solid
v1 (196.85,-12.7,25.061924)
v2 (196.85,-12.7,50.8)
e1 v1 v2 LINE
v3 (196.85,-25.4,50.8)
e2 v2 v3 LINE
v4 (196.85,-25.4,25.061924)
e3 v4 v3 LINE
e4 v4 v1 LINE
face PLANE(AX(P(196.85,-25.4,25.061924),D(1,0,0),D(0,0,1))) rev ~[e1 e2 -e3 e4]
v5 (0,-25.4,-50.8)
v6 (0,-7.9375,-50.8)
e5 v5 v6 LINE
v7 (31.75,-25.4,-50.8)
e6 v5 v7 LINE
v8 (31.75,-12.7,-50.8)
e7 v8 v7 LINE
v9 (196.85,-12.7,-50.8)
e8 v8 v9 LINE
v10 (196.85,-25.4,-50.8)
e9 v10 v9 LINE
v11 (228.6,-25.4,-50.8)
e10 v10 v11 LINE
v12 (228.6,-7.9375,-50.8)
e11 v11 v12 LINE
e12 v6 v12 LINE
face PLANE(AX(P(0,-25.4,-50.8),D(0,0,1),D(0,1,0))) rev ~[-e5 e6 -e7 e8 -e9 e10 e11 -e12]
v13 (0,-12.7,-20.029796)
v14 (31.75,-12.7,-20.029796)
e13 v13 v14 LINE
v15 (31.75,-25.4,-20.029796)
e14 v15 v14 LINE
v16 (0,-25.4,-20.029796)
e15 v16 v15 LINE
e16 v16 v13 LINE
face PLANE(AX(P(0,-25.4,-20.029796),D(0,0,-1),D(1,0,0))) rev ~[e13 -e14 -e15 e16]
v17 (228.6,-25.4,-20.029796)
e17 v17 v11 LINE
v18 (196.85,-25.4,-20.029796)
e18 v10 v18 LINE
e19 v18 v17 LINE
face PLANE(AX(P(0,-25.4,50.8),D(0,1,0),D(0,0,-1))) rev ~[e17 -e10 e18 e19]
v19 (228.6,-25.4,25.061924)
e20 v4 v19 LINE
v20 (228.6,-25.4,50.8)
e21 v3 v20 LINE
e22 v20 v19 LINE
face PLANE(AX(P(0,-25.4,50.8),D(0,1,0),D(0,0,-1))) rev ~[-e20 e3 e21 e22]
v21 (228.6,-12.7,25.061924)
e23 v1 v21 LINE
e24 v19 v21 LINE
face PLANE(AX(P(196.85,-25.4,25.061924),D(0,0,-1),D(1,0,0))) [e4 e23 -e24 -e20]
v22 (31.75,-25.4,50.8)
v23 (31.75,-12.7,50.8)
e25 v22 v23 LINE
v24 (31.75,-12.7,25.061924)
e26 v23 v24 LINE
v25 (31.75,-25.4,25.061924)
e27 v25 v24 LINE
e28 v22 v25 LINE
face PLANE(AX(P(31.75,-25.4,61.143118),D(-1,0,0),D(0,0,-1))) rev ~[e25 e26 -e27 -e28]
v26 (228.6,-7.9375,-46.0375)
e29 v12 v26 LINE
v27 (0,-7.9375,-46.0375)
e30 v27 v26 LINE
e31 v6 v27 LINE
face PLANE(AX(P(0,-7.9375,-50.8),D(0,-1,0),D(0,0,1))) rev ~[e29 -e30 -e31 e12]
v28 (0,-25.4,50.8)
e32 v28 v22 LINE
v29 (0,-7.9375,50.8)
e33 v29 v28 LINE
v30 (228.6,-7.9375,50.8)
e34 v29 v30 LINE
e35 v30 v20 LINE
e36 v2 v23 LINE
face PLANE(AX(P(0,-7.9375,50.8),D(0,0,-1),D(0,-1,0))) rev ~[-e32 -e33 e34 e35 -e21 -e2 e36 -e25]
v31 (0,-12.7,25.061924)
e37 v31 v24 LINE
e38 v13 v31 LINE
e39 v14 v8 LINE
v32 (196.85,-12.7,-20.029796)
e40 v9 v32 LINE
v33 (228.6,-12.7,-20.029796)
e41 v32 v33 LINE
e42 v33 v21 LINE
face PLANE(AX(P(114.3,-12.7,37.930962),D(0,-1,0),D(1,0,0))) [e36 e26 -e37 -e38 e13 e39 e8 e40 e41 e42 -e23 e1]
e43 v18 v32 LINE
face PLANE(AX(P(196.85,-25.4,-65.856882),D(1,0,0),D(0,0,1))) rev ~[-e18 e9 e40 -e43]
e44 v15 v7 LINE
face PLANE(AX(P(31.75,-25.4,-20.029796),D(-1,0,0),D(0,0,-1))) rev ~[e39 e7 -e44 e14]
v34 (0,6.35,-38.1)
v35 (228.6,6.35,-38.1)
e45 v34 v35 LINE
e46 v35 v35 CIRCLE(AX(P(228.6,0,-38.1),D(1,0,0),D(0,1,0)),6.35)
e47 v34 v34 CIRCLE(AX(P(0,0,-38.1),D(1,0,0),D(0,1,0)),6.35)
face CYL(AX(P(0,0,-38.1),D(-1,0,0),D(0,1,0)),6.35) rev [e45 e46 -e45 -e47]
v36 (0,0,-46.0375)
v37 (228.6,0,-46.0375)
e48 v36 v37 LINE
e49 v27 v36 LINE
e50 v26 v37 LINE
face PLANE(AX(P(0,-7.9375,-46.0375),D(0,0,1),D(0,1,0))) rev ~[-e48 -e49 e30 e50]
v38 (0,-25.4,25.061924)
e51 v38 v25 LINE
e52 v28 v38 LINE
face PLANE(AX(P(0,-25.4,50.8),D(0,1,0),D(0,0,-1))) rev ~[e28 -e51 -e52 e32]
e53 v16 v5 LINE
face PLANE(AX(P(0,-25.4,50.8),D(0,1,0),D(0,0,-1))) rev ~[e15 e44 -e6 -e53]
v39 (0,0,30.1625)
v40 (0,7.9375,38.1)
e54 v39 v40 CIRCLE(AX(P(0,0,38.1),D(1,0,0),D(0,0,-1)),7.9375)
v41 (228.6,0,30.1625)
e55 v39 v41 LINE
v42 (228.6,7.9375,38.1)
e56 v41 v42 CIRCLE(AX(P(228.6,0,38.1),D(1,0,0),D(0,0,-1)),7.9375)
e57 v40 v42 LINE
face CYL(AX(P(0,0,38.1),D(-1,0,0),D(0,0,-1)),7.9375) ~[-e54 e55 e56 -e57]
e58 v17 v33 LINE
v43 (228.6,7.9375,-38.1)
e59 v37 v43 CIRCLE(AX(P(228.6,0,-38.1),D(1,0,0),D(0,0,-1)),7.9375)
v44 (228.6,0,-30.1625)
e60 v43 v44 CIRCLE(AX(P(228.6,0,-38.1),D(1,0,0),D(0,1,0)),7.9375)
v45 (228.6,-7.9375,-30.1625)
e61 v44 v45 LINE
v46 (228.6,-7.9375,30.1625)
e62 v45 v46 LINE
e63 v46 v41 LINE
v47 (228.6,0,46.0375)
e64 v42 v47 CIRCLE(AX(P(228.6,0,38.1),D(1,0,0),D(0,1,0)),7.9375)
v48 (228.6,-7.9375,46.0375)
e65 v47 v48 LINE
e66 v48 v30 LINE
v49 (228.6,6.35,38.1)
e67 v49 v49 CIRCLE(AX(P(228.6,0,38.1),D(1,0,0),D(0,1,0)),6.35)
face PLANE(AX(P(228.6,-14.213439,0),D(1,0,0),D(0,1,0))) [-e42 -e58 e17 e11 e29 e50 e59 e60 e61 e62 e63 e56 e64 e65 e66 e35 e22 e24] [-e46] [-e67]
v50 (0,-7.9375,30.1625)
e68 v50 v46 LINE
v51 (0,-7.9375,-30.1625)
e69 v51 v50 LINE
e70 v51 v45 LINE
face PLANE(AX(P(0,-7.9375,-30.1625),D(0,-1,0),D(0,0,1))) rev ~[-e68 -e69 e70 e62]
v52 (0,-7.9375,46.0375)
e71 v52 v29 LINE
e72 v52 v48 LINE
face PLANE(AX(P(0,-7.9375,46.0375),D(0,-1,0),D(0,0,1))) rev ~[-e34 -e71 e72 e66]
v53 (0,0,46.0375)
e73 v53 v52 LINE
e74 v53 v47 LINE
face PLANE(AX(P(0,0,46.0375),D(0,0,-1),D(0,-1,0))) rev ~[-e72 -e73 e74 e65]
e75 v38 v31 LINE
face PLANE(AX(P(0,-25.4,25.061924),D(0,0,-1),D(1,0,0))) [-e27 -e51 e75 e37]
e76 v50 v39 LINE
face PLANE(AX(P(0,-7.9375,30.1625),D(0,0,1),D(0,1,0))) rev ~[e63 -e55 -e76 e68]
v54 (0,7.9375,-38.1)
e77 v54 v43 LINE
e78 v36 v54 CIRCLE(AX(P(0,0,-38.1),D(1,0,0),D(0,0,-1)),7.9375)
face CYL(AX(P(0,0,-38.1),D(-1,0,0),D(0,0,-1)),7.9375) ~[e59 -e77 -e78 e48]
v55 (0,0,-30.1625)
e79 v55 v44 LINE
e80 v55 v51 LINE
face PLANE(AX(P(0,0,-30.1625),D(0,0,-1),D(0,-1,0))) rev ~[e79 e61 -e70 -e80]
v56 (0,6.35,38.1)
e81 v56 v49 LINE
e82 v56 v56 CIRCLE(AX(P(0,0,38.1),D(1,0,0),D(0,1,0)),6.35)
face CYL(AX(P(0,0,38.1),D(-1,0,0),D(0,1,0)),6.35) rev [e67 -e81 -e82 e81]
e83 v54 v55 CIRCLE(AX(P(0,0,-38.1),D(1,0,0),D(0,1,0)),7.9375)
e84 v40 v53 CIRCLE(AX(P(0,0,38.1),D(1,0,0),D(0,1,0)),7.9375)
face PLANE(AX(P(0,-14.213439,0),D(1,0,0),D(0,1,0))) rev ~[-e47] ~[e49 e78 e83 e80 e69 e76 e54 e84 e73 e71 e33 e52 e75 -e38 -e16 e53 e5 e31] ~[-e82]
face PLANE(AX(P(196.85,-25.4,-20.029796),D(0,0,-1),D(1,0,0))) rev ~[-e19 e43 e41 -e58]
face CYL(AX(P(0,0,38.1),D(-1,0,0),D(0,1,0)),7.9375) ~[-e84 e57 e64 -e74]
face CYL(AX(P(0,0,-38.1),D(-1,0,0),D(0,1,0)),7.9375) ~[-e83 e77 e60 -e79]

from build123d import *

# Parameters (mm, degrees)
F0_R     = 6.35
F1_DEPTH = 228.6
F2_W     = 165.1
F2_H     = 25.7380759895
F2_H_2   = 10.3431178749
F2_H_3   = 45.0917202979
F2_H_4   = 30.7702037126
F2_H_5   = 15.0568821251
F2_W_2   = 31.75
F3_DEPTH = 12.7


with BuildPart() as f1:
    # F0 (on Right) → F1 (new body)
    with BuildSketch(Plane.YZ):
        with BuildLine():
            ThreePointArc((0, 30.1625), (-7.9375, 38.1), (0, 46.0375))
            Line((0, 46.0375), (-7.9375, 46.0375))
            Line((-7.9375, 46.0375), (-7.9375, 50.8))
            Line((-7.9375, 50.8), (-25.4, 50.8))
            Line((-25.4, 50.8), (-25.4, -50.8))
            Line((-25.4, -50.8), (-7.9375, -50.8))
            Line((-7.9375, -50.8), (-7.9375, -46.0375))
            Line((-7.9375, -46.0375), (0, -46.0375))
            ThreePointArc((0, -46.0375), (-7.9375, -38.1), (0, -30.1625))
            Line((0, -30.1625), (-7.9375, -30.1625))
            Line((-7.9375, -30.1625), (-7.9375, 30.1625))
            Line((-7.9375, 30.1625), (0, 30.1625))
        make_face()
        with BuildLine():
            ThreePointArc((7.9375, -38.1), (5.6126600757, -32.4873399243), (0, -30.1625))
            ThreePointArc((0, -30.1625), (-7.9375, -38.1), (0, -46.0375))
            ThreePointArc((0, -46.0375), (5.6126600757, -43.7126600757), (7.9375, -38.1))
        make_face()
        with Locations((0, -38.1)):
            Circle(F0_R, mode=Mode.SUBTRACT)
        with BuildLine():
            ThreePointArc((0, 30.1625), (5.6126600757, 32.4873399243), (7.9375, 38.1))
            ThreePointArc((7.9375, 38.1), (5.6126600757, 43.7126600757), (0, 46.0375))
            ThreePointArc((0, 46.0375), (-7.9375, 38.1), (0, 30.1625))
        make_face()
        with Locations((0, 38.1)):
            Circle(F0_R, mode=Mode.SUBTRACT)
    extrude(amount=F1_DEPTH)

    # F2 (on face) → F3 (cut)
    with BuildSketch(Plane.XZ.offset(25.4)):
        with Locations((114.3, 37.9309620053)):
            Rectangle(F2_W, F2_H)
        with Locations((114.3, 55.9715589374)):
            Rectangle(F2_W, F2_H_2)
        with Locations((114.3, 2.5160638615)):
            Rectangle(F2_W, F2_H_3)
        with Locations((114.3, -35.4148981437)):
            Rectangle(F2_W, F2_H_4)
        with Locations((114.3, -58.3284410626)):
            Rectangle(F2_W, F2_H_5)
        with Locations((15.875, 2.5160638615)):
            Rectangle(F2_W_2, F2_H_3)
        with Locations((212.725, 2.5160638615)):
            Rectangle(F2_W_2, F2_H_3)
    extrude(amount=-F3_DEPTH, mode=Mode.SUBTRACT)


solid = f1.part
